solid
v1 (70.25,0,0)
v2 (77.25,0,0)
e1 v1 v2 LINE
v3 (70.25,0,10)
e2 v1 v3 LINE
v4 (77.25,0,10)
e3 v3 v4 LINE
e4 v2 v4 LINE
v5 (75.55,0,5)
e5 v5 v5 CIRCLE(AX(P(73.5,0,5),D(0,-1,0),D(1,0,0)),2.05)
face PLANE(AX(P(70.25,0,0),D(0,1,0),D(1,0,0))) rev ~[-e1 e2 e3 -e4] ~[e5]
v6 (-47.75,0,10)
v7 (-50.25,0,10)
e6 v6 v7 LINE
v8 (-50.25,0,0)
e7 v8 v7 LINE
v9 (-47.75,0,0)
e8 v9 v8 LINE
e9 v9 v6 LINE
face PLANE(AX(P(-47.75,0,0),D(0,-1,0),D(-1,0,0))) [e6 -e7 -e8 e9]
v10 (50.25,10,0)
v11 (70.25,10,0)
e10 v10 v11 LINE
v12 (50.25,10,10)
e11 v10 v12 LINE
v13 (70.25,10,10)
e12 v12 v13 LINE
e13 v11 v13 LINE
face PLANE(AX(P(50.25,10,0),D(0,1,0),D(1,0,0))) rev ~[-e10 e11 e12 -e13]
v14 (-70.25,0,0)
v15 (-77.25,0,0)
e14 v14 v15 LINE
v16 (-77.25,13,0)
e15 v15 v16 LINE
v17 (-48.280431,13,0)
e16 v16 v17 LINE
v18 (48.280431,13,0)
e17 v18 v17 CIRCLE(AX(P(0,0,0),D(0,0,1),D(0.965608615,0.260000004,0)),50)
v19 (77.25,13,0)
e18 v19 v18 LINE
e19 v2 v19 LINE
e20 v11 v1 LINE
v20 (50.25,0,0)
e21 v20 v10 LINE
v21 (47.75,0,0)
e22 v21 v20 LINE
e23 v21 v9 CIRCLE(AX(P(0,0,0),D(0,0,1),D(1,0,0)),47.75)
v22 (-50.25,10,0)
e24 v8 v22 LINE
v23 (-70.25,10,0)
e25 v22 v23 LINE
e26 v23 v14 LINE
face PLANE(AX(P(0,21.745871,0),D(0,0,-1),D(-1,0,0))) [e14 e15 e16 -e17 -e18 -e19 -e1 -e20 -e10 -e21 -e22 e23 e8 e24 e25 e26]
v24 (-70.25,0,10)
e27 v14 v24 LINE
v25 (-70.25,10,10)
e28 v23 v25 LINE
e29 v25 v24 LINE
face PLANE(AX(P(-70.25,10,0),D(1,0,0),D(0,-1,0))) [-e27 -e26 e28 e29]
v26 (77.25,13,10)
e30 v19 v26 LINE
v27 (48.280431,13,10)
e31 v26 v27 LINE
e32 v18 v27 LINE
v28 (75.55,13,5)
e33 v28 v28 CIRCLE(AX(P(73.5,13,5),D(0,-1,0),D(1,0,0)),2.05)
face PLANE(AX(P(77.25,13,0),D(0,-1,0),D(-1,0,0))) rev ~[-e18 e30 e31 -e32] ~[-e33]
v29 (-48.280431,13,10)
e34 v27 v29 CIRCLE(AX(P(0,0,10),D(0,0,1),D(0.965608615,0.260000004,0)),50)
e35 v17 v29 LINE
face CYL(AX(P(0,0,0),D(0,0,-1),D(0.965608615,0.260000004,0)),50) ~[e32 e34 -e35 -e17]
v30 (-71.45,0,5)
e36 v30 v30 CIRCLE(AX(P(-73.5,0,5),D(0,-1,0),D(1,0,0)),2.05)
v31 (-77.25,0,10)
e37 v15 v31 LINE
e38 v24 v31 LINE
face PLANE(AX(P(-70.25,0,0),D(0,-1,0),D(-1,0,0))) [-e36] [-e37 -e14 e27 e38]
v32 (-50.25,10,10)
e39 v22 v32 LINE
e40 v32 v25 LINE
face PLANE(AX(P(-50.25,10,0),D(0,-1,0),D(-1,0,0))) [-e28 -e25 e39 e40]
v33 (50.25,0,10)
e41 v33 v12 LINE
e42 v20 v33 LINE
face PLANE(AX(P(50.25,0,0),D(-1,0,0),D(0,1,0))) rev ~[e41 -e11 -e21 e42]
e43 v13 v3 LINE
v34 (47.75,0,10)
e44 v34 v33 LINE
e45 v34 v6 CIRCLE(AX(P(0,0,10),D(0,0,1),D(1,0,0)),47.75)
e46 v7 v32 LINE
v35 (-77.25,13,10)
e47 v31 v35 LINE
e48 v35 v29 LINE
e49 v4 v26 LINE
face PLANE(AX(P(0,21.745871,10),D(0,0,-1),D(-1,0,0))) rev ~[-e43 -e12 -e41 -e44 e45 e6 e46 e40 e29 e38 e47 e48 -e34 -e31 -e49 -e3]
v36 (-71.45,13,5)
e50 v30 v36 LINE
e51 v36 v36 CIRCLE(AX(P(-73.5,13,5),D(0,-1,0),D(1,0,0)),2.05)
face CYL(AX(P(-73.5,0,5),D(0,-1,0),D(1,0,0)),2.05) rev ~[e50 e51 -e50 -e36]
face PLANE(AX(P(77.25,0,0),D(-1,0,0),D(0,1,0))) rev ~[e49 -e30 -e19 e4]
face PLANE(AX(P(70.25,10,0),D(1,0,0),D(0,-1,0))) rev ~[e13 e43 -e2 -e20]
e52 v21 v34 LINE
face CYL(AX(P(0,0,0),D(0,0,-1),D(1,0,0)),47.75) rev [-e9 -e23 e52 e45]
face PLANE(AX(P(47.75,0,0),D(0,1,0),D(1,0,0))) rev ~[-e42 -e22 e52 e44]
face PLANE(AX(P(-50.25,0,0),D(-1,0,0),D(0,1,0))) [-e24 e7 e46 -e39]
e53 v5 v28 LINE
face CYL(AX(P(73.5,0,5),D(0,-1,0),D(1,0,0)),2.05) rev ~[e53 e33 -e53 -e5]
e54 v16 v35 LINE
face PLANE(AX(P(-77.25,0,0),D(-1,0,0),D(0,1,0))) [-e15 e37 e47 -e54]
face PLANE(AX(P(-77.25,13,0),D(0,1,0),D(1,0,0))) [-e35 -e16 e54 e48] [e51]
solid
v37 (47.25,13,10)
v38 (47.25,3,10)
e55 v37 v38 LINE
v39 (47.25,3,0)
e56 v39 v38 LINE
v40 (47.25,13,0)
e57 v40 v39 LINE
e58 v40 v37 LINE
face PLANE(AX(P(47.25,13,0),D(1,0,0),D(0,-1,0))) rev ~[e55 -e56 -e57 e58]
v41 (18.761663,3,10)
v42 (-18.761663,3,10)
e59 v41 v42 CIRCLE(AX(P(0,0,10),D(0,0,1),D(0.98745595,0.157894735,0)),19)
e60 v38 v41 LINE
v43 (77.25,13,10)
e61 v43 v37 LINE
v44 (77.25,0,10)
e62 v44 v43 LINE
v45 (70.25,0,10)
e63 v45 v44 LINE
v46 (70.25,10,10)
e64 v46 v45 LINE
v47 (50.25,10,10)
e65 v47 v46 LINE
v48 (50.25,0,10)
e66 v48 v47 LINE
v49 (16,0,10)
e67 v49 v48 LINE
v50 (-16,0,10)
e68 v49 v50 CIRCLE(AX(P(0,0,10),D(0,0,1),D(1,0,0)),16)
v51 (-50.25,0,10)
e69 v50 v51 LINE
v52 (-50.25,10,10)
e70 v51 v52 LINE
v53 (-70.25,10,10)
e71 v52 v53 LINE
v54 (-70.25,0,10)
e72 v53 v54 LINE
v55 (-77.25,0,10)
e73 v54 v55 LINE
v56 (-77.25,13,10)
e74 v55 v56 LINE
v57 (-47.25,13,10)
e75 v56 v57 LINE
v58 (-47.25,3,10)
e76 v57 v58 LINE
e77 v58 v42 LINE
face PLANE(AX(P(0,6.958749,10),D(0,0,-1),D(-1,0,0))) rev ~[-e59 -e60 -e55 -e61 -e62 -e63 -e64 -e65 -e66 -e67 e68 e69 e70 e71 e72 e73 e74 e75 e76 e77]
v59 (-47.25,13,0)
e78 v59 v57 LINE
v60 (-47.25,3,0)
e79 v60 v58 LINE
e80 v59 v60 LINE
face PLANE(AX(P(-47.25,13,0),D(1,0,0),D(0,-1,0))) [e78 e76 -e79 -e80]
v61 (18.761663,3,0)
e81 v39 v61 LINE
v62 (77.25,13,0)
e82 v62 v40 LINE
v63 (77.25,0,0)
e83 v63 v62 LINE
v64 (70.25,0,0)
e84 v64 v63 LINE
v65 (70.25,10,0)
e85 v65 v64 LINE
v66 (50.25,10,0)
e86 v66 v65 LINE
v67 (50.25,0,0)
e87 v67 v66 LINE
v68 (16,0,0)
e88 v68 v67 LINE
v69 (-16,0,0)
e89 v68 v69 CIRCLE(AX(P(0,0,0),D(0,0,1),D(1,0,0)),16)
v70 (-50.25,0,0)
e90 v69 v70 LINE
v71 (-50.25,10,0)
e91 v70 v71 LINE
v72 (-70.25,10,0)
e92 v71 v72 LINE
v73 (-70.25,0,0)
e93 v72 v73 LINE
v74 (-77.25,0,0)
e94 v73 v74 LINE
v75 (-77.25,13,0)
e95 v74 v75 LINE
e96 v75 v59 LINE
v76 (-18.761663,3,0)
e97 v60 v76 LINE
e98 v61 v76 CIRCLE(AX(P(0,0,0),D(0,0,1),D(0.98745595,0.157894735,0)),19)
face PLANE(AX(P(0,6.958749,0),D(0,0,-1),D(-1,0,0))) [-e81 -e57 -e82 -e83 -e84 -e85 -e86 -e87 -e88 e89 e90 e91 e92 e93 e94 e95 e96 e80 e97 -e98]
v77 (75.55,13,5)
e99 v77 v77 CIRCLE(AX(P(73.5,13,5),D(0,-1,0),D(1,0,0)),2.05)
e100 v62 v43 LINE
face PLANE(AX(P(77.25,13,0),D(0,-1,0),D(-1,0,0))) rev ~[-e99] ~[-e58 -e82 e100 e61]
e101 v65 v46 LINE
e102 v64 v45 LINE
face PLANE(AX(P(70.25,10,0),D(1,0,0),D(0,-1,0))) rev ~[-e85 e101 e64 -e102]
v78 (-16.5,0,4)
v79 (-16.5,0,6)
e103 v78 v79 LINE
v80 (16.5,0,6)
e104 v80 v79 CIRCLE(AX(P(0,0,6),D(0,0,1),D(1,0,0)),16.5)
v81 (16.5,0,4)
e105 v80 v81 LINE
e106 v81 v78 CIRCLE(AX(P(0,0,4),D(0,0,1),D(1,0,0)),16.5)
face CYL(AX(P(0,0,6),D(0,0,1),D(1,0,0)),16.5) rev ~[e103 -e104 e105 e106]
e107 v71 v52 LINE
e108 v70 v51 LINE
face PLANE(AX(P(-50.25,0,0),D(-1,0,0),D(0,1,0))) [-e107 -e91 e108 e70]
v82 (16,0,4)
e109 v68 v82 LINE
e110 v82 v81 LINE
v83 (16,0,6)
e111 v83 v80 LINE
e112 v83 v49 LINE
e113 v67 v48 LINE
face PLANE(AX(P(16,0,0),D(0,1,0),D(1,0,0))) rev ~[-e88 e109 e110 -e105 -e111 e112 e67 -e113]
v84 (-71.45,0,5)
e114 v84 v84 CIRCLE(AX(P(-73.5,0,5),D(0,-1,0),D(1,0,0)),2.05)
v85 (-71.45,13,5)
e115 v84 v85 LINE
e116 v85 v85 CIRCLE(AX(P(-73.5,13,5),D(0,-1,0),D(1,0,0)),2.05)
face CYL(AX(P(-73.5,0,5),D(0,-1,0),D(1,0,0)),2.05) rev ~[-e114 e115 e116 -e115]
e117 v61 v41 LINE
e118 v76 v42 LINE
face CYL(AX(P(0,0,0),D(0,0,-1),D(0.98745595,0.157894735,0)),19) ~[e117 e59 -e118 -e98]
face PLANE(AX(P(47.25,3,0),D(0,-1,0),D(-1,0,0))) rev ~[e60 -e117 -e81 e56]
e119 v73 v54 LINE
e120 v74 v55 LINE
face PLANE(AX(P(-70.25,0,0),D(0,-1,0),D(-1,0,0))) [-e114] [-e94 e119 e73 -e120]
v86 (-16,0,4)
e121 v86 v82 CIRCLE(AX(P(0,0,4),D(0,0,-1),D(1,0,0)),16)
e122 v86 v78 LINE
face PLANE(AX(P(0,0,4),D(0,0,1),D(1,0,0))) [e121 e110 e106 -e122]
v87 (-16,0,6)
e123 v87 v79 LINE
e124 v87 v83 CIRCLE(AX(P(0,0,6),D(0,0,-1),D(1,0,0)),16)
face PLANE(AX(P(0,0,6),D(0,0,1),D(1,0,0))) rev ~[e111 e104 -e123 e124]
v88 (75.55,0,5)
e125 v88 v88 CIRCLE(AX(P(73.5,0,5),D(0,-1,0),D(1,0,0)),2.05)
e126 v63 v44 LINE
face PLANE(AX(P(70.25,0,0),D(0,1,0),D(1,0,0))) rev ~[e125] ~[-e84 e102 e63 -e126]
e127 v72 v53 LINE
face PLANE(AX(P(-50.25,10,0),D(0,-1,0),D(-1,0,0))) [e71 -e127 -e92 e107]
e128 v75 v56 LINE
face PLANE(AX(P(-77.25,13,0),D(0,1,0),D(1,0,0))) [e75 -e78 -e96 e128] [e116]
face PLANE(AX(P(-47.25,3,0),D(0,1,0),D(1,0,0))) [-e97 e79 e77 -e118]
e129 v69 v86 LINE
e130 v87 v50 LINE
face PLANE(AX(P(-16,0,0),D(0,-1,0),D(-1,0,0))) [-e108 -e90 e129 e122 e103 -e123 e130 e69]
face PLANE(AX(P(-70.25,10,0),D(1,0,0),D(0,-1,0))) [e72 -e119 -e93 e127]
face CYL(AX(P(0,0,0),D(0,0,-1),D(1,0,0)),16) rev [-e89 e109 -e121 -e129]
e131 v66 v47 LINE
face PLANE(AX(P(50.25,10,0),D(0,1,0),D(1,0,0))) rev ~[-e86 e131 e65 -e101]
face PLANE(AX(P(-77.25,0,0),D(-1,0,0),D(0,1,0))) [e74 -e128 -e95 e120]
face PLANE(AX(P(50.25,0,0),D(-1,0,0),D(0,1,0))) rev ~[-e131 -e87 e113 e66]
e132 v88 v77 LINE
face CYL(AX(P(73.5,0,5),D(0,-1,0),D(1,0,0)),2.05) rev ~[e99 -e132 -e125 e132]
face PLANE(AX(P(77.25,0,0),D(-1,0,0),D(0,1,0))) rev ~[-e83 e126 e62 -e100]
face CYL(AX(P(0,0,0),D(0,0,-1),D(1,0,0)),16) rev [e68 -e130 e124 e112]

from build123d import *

# Parameters (mm, degrees)
PAD_DEPTH      = 10
SKETCH004_R    = 2.05
HOLE_DEPTH     = 25
SKETCH006_R    = 16.5
POCKET_DEPTH   = 2
PAD001_DEPTH   = 10
SKETCH005_R    = 2.05
HOLE001_DEPTH  = 25
HOLE001_TIPS_R = 2.05


with BuildPart() as pedfleshalsholder:
    # Sketch → Pad (new body)
    with BuildSketch(Plane.XY):
        with BuildLine():
            ThreePointArc((16, 0), (0, 16), (-16, 0))
            Line((-16, 0), (-50.25, 0))
            Line((-50.25, 0), (-50.25, 10))
            Line((-50.25, 10), (-70.25, 10))
            Line((-70.25, 10), (-70.25, 0))
            Line((-70.25, 0), (-77.25, 0))
            Line((-77.25, 0), (-77.25, 13))
            Line((-77.25, 13), (-47.25, 13))
            Line((-47.25, 13), (-47.25, 3))
            Line((-47.25, 3), (-18.761663, 3))
            ThreePointArc((18.761663, 3), (0, 19), (-18.761663, 3))
            Line((47.25, 3), (18.761663, 3))
            Line((47.25, 13), (47.25, 3))
            Line((77.25, 13), (47.25, 13))
            Line((77.25, 0), (77.25, 13))
            Line((70.25, 0), (77.25, 0))
            Line((70.25, 10), (70.25, 0))
            Line((50.25, 10), (70.25, 10))
            Line((50.25, 0), (50.25, 10))
            Line((16, 0), (50.25, 0))
        make_face()
    extrude(amount=PAD_DEPTH)

    # Sketch004 → Hole (cut)
    with BuildSketch(Plane.XZ):
        with Locations((-73.5, 5)):
            Circle(SKETCH004_R)
        with Locations((73.5, 5)):
            Circle(SKETCH004_R)
    extrude(amount=-HOLE_DEPTH, mode=Mode.SUBTRACT)

    # Sketch006 → Pocket (cut)
    with BuildSketch(Plane.XY.offset(6)):
        Circle(SKETCH006_R)
    extrude(amount=-POCKET_DEPTH, mode=Mode.SUBTRACT)


with BuildPart() as pedflesbodyholder:
    # Sketch003 → Pad001 (new body)
    with BuildSketch(Plane.XY):
        with BuildLine():
            ThreePointArc((47.75, 0), (0, 47.75), (-47.75, 0))
            Line((-47.75, 0), (-50.25, 0))
            Line((-50.25, 0), (-50.25, 10))
            Line((-50.25, 10), (-70.25, 10))
            Line((-70.25, 10), (-70.25, 0))
            Line((-70.25, 0), (-77.25, 0))
            Line((-77.25, 0), (-77.25, 13))
            Line((-77.25, 13), (-48.280431, 13))
            ThreePointArc((48.280431, 13), (0, 50), (-48.280431, 13))
            Line((77.25, 13), (48.280431, 13))
            Line((77.25, 0), (77.25, 13))
            Line((70.25, 0), (77.25, 0))
            Line((70.25, 10), (70.25, 0))
            Line((50.25, 10), (70.25, 10))
            Line((50.25, 0), (50.25, 10))
            Line((47.75, 0), (50.25, 0))
        make_face()
    extrude(amount=PAD001_DEPTH)

    # Sketch005 → Hole001 (cut)
    with BuildSketch(Plane.XZ):
        with Locations((-73.5, 5)):
            Circle(SKETCH005_R)
        with Locations((73.5, 5)):
            Circle(SKETCH005_R)
    extrude(amount=-HOLE001_DEPTH, mode=Mode.SUBTRACT)

    # Hole001 tips → Hole001 tip 1 section 0
    with BuildSketch(Plane.XZ.offset(-25), mode=Mode.PRIVATE) as hole001_tip_1_s0:
        with Locations((-73.5, 5)):
            Circle(HOLE001_TIPS_R)
    loft([hole001_tip_1_s0.sketch, Vertex(-73.5, 26.231764, 5)], mode=Mode.SUBTRACT)

    # Hole001 tips → Hole001 tip 2 section 0
    with BuildSketch(Plane.XZ.offset(-25), mode=Mode.PRIVATE) as hole001_tip_2_s0:
        with Locations((73.5, 5)):
            Circle(HOLE001_TIPS_R)
    loft([hole001_tip_2_s0.sketch, Vertex(73.5, 26.231764, 5)], mode=Mode.SUBTRACT)


solid = Compound([pedfleshalsholder.part, pedflesbodyholder.part])
